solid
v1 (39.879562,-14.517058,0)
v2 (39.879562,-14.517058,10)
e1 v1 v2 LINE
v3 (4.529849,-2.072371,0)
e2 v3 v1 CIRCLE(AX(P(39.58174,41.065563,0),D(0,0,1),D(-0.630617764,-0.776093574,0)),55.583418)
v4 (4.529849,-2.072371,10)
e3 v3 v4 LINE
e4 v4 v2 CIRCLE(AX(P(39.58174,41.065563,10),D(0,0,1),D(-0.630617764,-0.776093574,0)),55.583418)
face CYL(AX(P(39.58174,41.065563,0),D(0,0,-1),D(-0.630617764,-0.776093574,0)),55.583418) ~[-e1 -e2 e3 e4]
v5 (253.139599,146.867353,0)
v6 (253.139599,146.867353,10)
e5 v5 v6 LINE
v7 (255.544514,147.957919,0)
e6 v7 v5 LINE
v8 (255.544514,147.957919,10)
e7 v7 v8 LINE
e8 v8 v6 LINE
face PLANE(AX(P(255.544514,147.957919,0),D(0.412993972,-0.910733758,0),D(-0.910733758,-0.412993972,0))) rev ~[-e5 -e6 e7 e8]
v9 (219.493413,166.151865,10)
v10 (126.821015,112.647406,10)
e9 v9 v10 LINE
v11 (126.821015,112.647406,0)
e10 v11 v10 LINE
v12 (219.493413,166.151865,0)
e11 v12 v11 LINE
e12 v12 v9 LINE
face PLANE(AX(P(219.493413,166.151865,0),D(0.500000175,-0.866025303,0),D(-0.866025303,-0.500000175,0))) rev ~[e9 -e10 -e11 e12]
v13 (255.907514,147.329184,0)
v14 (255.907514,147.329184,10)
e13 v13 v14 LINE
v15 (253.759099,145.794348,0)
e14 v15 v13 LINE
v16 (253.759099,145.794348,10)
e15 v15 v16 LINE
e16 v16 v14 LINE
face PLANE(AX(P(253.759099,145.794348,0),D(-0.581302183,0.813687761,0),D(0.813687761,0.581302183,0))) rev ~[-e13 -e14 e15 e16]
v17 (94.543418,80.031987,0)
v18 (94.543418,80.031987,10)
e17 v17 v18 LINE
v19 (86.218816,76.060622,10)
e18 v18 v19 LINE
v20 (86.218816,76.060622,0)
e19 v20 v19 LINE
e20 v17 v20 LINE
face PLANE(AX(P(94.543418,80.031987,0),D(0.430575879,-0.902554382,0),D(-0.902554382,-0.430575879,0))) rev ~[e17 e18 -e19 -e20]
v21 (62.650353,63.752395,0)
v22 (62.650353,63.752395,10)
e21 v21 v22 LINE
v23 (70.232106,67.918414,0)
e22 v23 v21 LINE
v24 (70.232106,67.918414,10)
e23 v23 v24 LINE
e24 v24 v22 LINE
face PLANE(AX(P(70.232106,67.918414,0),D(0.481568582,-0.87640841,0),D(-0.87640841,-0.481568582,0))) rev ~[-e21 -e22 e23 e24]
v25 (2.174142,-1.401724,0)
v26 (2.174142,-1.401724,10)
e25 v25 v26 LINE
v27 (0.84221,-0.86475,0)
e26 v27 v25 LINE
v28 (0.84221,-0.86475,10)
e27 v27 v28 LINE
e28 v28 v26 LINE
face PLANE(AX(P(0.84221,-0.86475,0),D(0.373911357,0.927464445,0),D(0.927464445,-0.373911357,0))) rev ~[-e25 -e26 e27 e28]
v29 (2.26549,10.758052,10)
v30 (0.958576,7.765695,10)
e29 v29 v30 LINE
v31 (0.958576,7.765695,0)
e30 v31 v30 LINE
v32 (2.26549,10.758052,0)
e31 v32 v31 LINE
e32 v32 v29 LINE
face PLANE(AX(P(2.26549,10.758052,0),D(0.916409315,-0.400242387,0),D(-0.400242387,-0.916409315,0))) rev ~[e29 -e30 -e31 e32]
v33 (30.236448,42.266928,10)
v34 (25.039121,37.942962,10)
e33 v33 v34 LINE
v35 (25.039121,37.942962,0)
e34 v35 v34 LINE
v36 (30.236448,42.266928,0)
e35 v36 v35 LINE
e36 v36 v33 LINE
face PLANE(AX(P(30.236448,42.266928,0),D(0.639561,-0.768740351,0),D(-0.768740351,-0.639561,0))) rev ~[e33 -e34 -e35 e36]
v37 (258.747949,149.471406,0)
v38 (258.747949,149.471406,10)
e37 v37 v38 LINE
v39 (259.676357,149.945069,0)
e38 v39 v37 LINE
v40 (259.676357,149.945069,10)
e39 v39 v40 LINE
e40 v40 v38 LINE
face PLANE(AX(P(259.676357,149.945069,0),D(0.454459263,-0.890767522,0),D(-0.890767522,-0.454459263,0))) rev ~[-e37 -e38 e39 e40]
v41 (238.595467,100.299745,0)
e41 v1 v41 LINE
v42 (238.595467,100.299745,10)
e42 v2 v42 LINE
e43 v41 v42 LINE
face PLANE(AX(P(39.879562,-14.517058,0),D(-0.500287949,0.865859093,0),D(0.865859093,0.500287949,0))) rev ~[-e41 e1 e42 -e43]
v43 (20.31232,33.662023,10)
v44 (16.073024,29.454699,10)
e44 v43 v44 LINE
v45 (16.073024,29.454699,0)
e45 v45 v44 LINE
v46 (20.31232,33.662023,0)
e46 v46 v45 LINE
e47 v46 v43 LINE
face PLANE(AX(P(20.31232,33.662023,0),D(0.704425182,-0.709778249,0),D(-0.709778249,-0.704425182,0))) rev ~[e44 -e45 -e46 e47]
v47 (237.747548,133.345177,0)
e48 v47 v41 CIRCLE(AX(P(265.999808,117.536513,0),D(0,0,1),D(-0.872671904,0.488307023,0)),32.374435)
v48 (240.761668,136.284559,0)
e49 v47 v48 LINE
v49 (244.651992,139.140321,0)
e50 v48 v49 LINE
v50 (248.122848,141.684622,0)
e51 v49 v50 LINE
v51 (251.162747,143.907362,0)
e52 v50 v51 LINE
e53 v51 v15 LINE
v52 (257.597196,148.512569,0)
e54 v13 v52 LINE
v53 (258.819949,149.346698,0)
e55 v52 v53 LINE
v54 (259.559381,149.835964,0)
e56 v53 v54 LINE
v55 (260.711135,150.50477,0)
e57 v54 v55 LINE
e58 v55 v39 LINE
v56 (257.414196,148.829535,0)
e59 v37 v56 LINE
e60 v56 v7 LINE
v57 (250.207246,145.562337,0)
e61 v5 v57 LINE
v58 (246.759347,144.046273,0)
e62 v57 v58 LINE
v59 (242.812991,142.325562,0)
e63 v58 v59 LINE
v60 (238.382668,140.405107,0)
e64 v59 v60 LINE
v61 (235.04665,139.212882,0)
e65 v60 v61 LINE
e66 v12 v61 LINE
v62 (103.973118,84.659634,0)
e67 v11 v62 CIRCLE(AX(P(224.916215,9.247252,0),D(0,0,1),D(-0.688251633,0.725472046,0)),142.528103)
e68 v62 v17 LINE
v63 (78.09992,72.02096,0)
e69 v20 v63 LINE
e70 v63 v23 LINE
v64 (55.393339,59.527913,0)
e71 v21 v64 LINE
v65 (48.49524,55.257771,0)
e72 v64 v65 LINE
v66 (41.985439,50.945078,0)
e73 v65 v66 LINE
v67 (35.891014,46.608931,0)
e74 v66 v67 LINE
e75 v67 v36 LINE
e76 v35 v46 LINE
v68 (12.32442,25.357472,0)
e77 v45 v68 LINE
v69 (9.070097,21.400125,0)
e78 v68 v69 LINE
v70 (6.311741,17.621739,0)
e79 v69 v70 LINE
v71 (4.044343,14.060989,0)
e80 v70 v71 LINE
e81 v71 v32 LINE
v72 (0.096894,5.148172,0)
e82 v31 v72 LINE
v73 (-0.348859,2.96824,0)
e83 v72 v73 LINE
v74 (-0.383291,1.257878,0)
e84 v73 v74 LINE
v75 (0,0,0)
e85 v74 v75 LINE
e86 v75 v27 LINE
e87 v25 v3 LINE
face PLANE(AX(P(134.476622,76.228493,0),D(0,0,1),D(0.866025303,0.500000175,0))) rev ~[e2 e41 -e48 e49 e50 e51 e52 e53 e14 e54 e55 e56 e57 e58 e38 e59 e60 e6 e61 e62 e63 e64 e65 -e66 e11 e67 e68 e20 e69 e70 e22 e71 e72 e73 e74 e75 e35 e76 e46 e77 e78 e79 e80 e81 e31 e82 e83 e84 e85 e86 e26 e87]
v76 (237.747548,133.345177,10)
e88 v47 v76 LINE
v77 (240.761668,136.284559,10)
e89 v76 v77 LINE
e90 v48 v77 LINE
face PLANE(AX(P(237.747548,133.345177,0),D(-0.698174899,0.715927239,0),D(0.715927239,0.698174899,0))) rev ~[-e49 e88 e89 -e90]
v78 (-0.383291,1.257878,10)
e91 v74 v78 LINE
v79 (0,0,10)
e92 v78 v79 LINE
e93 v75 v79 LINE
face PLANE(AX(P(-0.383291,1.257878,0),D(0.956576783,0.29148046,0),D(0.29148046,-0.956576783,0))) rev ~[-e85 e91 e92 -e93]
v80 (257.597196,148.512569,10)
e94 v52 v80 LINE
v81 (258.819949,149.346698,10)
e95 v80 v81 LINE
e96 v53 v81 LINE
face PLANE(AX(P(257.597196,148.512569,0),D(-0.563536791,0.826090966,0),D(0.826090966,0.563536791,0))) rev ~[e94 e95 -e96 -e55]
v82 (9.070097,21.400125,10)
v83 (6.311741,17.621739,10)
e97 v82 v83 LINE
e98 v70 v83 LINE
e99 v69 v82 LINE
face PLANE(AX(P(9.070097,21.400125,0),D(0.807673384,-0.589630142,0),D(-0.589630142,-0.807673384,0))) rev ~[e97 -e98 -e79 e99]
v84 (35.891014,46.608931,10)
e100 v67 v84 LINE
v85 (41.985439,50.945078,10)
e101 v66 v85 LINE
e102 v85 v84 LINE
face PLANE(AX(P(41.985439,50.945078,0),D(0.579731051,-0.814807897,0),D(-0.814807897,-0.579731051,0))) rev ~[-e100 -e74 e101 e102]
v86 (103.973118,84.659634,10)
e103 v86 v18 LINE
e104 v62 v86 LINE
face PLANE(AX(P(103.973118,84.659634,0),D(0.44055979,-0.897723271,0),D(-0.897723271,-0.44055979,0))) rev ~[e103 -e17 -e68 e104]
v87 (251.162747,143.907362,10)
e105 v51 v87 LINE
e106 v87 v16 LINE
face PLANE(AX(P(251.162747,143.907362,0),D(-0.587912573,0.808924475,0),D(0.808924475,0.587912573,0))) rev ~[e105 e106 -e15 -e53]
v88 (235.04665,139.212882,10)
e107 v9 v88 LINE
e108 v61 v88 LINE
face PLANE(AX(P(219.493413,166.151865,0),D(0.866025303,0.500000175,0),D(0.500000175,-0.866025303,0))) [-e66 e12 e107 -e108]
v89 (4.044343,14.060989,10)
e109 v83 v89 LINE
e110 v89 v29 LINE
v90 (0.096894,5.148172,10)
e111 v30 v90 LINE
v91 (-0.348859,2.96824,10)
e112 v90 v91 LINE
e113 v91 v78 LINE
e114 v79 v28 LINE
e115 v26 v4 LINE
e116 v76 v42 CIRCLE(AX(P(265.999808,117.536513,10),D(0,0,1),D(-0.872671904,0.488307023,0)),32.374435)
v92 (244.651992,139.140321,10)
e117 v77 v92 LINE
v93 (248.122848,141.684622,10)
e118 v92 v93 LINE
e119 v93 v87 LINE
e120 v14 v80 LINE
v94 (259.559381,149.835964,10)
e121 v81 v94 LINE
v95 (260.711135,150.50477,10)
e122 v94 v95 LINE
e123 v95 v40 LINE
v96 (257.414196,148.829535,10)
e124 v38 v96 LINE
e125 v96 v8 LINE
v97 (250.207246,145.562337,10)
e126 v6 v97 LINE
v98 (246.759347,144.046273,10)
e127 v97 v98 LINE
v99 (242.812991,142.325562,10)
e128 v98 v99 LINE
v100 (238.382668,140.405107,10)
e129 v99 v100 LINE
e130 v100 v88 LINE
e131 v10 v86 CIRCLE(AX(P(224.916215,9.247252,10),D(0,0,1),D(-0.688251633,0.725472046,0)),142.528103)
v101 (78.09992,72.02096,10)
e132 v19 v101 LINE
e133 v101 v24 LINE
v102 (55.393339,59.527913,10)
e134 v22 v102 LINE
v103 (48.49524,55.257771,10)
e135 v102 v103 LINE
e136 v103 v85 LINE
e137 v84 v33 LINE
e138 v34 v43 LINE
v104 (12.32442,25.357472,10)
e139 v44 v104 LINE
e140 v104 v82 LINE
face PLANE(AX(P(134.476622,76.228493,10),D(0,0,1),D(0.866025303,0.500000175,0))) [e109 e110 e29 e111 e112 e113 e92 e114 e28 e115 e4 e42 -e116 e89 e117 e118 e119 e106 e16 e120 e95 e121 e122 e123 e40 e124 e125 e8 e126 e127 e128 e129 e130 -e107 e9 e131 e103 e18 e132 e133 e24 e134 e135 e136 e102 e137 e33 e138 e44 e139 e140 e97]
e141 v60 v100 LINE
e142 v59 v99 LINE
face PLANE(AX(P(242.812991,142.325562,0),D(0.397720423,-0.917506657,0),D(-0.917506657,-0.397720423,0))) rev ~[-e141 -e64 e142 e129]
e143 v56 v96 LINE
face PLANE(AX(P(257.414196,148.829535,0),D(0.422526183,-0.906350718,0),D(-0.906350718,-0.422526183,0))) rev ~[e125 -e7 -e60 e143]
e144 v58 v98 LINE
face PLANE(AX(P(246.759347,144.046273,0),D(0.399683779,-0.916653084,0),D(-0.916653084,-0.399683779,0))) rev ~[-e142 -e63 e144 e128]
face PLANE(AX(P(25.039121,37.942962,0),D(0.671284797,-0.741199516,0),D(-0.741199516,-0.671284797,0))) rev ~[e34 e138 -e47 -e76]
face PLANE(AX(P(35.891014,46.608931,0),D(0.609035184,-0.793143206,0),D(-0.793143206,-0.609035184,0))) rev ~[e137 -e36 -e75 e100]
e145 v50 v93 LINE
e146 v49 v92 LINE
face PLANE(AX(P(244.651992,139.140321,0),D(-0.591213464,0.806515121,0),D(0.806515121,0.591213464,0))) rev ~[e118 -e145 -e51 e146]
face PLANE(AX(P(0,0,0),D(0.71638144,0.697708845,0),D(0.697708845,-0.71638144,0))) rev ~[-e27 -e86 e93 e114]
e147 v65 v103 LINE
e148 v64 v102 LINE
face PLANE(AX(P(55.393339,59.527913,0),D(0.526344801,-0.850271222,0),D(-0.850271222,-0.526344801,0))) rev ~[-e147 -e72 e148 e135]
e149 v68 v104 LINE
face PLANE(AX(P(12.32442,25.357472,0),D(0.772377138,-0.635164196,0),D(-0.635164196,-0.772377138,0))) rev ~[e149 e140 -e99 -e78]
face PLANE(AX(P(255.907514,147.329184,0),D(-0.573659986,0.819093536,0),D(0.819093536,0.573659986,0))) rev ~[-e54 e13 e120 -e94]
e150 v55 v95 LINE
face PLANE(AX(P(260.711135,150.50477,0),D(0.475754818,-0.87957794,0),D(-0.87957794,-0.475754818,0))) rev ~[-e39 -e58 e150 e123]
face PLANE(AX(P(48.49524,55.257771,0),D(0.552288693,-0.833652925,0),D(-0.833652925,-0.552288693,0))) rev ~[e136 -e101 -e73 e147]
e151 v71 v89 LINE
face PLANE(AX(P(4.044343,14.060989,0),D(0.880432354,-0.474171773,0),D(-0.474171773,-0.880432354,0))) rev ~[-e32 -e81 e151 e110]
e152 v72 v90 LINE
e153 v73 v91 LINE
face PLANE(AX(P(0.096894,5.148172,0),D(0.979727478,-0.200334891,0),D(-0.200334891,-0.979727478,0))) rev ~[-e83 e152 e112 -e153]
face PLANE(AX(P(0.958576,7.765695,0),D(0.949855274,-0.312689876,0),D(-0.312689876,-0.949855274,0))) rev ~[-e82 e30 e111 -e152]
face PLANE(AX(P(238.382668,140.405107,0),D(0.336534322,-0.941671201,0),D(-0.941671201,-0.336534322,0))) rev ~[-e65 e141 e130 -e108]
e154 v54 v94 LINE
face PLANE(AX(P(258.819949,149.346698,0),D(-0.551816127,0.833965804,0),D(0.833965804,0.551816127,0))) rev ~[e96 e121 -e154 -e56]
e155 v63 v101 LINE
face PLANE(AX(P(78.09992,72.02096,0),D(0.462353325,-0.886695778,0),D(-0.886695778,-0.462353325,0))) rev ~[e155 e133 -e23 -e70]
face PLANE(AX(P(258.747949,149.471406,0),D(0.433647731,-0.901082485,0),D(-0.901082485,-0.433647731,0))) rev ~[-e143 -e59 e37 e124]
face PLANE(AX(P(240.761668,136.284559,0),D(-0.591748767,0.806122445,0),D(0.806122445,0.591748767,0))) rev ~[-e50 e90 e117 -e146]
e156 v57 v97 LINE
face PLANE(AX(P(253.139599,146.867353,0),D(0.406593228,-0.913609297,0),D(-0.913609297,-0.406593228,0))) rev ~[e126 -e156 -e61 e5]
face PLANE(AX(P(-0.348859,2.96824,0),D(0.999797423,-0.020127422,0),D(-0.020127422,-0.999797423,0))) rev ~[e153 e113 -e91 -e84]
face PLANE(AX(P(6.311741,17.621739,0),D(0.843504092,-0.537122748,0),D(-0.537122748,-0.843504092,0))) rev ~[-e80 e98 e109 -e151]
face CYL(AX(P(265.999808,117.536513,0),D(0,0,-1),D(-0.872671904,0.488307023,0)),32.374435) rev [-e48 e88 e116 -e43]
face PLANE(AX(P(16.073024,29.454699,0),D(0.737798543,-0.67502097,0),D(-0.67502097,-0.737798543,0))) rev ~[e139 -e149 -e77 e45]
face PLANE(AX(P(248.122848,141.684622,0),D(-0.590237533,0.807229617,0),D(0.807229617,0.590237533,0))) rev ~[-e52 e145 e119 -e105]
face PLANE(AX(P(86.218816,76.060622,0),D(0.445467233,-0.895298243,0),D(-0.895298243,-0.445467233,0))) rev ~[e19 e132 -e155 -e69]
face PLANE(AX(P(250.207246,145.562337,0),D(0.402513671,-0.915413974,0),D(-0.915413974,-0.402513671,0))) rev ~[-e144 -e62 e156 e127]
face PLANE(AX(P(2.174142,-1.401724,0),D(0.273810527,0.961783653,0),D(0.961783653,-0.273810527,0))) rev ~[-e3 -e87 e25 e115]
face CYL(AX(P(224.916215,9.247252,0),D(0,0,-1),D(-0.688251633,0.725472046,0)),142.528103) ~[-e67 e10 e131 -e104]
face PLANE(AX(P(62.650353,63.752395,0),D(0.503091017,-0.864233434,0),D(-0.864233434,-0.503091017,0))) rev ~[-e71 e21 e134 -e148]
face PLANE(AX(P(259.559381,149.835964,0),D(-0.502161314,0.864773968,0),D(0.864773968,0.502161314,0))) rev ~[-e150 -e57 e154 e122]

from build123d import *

# Parameters (mm, degrees)
PAD_DEPTH = 10


with BuildPart() as part:
    # Sketch → Pad (new body)
    with BuildSketch(Plane(origin=(0, 0, 0), x_dir=(0.866025, 0.5, 0), z_dir=(0, 0, 1))):
        with BuildLine():
            Line((301.034851, -0.014674), (299.858856, 0.018))
            Line((299.858856, 0.018), (298.818, 0.072))
            Line((298.818, 0.072), (297.342, 0.183))
            Line((297.342, 0.183), (295.287, 0.363))
            Line((295.287, 0.363), (292.659, 0.621))
            Line((292.659, 0.621), (289.467, 0.957))
            Line((289.467, 0.957), (285.723, 1.368))
            Line((285.723, 1.368), (281.445, 1.851))
            Line((281.445, 1.851), (276.648, 2.403))
            Line((276.648, 2.403), (273.162811, 3.038512))
            Line((273.162811, 34.144974), (273.162811, 3.038512))
            Line((273.162811, 34.144974), (166.153931, 34.144974))
            ThreePointArc((166.153931, 34.144974), (148.85588, 28.812612), (132.373183, 21.330808))
            Line((132.373183, 21.330808), (121.893, 22.038))
            Line((121.893, 22.038), (112.698, 22.761))
            Line((112.698, 22.761), (103.647, 23.322))
            Line((103.647, 23.322), (94.782, 23.703))
            Line((94.782, 23.703), (86.133, 23.886))
            Line((86.133, 23.886), (77.736, 23.856))
            Line((77.736, 23.856), (69.627, 23.607))
            Line((69.627, 23.607), (61.833, 23.127))
            Line((61.833, 23.127), (54.387, 22.419))
            Line((54.387, 22.419), (47.319, 21.486))
            Line((47.319, 21.486), (40.656, 20.34))
            Line((40.656, 20.34), (34.422, 18.996))
            Line((34.422, 18.996), (28.647, 17.472))
            Line((28.647, 17.472), (23.352, 15.798))
            Line((23.352, 15.798), (18.555, 13.998))
            Line((18.555, 13.998), (14.277, 12.105))
            Line((14.277, 12.105), (10.533, 10.155))
            Line((10.533, 10.155), (7.341, 8.184))
            Line((7.341, 8.184), (4.713, 6.246))
            Line((4.713, 6.246), (2.658, 4.41))
            Line((2.658, 4.41), (1.182, 2.745))
            Line((1.182, 2.745), (0.297, 1.281))
            Line((0.297, 1.281), (0, 0))
            Line((0, 0), (0.297, -1.17))
            Line((0.297, -1.17), (1.182, -2.301))
            Line((1.182, -2.301), (2.886778, -4.059651))
            ThreePointArc((2.886778, -4.059651), (12.612237, -20.403463), (27.278178, -32.511927))
            Line((27.278178, -32.511927), (256.779602, -32.435658))
            ThreePointArc((272.568004, -3.393518), (260.687772, -15.747631), (256.779602, -32.435658))
            Line((272.568004, -3.393518), (276.648, -2.355))
            Line((276.648, -2.355), (281.445, -1.827))
            Line((281.445, -1.827), (285.723, -1.359))
            Line((285.723, -1.359), (289.467, -0.954))
            Line((289.467, -0.954), (292.659, -0.618))
            Line((292.659, -0.618), (295.287, -0.363))
            Line((295.287, -0.363), (297.342, -0.183))
            Line((297.342, -0.183), (298.818, -0.072))
            Line((298.818, -0.072), (299.703, -0.018))
            Line((299.703, -0.018), (301.034851, -0.014674))
        make_face()
    extrude(amount=PAD_DEPTH)


solid = part.part
